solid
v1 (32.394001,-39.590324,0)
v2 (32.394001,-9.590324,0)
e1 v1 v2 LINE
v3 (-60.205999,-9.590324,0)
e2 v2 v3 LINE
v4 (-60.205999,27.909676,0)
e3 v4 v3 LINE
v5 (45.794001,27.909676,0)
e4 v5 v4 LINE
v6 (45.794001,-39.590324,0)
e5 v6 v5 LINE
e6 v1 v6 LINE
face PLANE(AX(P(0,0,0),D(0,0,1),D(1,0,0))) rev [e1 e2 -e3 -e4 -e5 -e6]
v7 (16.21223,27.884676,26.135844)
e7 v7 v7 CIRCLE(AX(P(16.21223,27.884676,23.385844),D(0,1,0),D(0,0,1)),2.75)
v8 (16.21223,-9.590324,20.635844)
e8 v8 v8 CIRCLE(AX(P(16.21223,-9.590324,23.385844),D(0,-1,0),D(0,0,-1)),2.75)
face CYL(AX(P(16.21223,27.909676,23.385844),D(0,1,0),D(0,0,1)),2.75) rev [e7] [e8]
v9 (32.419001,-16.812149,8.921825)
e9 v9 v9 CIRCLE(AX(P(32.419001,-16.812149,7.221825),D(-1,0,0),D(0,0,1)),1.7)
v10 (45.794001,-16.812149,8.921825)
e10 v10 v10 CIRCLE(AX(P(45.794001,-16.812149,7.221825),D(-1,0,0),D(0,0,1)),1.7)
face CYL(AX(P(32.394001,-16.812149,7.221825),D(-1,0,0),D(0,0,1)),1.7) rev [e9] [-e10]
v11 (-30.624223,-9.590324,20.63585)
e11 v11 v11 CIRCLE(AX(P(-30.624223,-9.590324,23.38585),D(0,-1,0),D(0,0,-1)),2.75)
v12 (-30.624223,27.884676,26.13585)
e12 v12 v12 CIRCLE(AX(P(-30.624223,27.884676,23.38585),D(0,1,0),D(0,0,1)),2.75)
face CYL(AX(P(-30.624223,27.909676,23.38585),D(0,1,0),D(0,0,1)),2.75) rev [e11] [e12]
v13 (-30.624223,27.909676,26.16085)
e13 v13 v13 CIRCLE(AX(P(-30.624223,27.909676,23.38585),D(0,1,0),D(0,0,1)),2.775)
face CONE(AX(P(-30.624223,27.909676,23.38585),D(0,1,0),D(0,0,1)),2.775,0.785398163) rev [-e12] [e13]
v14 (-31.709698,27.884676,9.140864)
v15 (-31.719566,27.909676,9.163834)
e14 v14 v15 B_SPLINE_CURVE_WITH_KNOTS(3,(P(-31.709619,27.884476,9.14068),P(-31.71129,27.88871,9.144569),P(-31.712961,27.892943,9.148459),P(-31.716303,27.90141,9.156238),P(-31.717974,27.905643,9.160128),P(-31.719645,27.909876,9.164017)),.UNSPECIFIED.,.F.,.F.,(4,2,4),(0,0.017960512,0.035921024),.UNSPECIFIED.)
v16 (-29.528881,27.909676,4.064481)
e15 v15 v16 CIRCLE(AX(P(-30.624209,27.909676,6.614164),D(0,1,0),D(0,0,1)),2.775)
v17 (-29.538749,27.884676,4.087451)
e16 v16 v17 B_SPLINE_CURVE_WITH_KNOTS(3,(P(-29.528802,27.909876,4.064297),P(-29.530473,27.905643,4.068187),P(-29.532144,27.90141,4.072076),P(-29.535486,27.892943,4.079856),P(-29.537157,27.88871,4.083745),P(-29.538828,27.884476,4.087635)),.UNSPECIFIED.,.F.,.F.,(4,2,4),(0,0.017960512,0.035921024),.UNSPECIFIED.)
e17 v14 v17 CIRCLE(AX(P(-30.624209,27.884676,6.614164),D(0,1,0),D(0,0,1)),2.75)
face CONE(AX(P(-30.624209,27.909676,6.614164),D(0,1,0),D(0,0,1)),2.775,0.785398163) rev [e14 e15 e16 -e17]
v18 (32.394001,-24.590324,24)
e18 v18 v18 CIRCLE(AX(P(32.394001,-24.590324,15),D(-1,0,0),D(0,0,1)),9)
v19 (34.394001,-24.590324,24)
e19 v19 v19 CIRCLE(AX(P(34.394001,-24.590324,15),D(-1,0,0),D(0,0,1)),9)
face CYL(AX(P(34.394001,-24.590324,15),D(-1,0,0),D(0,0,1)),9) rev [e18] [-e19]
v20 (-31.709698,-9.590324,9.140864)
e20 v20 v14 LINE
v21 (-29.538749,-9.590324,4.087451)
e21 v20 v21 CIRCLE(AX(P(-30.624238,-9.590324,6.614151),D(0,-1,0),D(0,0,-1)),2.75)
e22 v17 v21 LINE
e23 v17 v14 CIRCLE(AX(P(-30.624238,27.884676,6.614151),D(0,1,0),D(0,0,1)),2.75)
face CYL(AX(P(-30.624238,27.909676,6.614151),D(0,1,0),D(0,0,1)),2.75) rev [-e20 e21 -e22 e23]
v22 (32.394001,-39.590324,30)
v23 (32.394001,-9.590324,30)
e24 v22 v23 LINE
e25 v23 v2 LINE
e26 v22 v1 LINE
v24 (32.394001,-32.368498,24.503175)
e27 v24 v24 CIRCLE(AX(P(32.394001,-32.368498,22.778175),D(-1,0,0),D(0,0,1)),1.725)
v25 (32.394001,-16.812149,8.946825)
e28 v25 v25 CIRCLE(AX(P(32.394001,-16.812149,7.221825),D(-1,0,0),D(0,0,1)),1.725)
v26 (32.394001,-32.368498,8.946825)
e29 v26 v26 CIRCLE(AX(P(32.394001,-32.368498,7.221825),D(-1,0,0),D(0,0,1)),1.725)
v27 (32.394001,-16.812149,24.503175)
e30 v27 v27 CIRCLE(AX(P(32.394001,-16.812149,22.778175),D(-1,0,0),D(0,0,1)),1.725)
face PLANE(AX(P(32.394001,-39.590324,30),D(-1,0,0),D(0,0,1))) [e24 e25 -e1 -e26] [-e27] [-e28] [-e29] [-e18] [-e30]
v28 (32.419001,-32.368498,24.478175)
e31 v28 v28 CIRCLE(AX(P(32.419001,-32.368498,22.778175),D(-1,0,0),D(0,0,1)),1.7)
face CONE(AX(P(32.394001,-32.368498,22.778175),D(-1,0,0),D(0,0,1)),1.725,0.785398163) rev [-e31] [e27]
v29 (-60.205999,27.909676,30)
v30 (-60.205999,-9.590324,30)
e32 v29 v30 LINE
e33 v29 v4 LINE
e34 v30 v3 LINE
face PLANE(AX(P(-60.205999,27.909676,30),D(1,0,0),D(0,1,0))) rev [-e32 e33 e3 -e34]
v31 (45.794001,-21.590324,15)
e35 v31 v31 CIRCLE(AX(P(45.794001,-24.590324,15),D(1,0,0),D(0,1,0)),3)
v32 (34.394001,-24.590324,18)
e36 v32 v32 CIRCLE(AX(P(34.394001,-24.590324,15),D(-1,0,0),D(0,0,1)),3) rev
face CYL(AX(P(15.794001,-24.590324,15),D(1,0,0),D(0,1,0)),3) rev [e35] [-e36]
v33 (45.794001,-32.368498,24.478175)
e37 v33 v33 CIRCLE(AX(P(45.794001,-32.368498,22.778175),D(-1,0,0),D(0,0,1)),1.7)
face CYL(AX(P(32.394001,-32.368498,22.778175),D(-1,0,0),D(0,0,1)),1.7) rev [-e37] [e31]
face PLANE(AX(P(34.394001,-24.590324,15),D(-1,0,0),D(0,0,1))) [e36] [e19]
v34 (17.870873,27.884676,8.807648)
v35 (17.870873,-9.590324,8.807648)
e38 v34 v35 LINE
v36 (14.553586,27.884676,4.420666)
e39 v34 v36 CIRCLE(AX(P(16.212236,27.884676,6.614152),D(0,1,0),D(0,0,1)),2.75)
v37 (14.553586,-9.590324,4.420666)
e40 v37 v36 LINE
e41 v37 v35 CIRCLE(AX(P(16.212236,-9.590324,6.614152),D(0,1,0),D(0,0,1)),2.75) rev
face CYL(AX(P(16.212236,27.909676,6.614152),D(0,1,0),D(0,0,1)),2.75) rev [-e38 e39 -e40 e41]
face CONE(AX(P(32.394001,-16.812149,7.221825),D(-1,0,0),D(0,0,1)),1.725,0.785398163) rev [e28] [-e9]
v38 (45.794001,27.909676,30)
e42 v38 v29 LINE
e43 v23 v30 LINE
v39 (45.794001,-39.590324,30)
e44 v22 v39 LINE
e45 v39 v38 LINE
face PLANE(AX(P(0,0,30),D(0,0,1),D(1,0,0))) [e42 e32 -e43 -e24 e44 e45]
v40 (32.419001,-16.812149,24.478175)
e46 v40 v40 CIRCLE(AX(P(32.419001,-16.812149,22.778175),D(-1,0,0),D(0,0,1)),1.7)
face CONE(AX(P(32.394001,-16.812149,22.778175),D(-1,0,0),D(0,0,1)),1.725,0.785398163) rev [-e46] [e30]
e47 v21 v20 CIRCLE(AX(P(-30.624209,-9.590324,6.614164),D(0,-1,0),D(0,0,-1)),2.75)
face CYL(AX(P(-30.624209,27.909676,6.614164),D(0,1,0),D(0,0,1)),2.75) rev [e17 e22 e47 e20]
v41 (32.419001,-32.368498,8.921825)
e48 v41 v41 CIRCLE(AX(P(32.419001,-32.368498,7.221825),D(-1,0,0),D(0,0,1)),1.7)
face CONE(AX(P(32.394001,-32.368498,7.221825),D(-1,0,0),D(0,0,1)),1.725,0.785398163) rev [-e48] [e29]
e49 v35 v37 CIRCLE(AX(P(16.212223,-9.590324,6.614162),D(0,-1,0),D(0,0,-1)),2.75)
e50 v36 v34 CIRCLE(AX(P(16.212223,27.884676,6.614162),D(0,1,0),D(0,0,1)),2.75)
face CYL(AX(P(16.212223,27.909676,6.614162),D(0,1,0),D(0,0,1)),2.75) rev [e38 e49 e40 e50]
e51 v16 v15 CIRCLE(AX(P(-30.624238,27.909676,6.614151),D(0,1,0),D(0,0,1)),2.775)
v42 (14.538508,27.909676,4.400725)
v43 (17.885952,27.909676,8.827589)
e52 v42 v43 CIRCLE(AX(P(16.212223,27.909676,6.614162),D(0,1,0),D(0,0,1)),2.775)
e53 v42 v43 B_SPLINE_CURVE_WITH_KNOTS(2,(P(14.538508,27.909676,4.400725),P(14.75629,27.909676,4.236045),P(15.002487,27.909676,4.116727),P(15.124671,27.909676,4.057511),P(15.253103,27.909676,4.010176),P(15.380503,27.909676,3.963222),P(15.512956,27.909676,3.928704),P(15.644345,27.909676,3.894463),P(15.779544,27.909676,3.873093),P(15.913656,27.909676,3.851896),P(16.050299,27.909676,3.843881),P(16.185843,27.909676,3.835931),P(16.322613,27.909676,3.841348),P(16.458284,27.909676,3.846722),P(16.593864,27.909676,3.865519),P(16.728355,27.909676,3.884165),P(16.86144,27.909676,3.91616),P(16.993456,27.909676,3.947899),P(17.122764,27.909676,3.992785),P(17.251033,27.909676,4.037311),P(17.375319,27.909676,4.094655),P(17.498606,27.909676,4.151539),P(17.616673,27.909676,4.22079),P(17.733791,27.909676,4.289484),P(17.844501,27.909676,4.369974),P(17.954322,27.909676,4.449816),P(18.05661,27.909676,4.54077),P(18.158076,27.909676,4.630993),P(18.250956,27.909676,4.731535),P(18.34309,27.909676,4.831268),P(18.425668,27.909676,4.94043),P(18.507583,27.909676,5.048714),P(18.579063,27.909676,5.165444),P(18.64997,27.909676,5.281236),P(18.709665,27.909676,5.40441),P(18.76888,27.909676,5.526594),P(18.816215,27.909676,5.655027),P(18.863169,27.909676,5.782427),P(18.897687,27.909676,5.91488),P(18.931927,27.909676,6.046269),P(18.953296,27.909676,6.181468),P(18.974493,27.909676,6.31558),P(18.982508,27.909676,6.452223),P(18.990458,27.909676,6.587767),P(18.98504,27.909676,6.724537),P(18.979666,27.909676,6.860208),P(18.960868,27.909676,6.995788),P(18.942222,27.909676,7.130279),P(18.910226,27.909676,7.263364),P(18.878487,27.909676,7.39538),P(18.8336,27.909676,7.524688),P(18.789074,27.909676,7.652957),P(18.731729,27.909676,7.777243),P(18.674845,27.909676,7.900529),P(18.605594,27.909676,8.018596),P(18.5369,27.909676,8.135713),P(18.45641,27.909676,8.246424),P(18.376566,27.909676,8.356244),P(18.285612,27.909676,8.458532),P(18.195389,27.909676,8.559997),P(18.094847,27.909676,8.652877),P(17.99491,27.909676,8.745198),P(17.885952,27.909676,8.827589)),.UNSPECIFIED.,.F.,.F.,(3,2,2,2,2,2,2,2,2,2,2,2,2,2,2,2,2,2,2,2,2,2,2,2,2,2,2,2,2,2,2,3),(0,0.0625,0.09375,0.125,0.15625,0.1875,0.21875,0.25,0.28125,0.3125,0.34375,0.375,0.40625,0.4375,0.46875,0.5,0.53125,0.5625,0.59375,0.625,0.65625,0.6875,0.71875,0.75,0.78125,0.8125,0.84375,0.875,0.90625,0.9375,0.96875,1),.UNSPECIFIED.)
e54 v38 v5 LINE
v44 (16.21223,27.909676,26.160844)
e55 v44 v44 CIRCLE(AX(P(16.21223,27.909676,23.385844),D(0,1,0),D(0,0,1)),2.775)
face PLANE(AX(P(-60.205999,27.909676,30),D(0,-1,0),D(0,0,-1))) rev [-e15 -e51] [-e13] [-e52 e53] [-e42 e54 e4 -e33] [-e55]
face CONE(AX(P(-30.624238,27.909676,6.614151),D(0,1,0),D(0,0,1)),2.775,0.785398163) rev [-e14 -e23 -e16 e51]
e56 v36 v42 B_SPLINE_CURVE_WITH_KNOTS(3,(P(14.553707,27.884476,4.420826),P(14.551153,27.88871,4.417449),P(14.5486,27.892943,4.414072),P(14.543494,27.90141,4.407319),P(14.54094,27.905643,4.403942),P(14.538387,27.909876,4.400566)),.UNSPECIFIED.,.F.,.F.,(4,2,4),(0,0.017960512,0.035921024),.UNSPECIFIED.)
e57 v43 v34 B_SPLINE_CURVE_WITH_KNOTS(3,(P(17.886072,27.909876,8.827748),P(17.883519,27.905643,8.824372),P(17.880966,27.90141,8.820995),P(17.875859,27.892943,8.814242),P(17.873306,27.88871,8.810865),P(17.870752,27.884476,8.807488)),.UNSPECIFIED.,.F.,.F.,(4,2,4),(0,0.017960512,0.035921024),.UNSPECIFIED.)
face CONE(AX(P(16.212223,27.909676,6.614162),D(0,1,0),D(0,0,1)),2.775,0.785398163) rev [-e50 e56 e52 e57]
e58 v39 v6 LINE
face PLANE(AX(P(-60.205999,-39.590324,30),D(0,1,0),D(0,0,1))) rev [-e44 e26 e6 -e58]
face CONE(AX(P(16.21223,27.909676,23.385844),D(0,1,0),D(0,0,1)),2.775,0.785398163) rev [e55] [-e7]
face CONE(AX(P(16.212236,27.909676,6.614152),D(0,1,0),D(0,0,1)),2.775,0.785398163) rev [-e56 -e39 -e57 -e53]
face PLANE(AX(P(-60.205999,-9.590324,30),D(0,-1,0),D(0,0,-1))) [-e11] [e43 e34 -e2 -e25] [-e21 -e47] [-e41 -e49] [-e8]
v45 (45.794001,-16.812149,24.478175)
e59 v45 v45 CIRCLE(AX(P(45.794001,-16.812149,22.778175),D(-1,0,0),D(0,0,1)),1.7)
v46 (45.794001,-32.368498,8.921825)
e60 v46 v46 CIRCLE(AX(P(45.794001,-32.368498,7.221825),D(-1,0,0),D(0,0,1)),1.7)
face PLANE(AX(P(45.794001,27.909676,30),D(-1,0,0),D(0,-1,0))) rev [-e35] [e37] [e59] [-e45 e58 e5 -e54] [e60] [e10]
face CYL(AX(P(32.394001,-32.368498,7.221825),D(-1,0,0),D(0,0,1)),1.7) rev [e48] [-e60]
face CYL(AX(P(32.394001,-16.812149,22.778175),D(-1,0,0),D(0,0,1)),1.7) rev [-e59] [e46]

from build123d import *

# Parameters (mm, degrees)
SKETCH1_W                      = 106
SKETCH1_H                      = 67.5
BOSS_EXTRUDE1_DEPTH            = 30
SKETCH2_W                      = 92.6
SKETCH2_H                      = 30
BOSS_EXTRUDE2_DEPTH            = 30
SKETCH3_W                      = 92.6
SKETCH3_H                      = 30
CUT_EXTRUDE1_DEPTH             = 30
SKETCH4_R                      = 3
CUT_EXTRUDE2_DEPTH             = 30
M3_CLEARANCE_HOLE1_D           = 3.4
M3_CLEARANCE_HOLE1_CSINK_D     = 3.45
M3_CLEARANCE_HOLE1_CSINK_ANGLE = 90
SKETCH11_R                     = 9
CUT_EXTRUDE3_DEPTH             = 2
M5_CLEARANCE_HOLE1_AT_2_COUNT  = 2
M5_CLEARANCE_HOLE1_AT_2_PITCH  = 49.748811611
M5_CLEARANCE_HOLE1_AT_3_COUNT  = 2
M5_CLEARANCE_HOLE1_AT_3_PITCH  = 46.836464196
M5_CLEARANCE_HOLE1_AT_4_COUNT  = 2
M5_CLEARANCE_HOLE1_AT_4_PITCH  = 16.77169873
M5_CLEARANCE_HOLE1_AT_5_COUNT  = 2
M5_CLEARANCE_HOLE1_AT_5_PITCH  = 16.771686167
M5_CLEARANCE_HOLE1_AT_6_COUNT  = 2
M5_CLEARANCE_HOLE1_AT_6_PITCH  = 49.748806755
M5_CLEARANCE_HOLE1_AT_7_COUNT  = 2
M5_CLEARANCE_HOLE1_AT_7_PITCH  = 49.748790588
M5_CLEARANCE_HOLE1_AT_8_COUNT  = 2
M5_CLEARANCE_HOLE1_AT_8_PITCH  = 46.836452861


with BuildPart() as part:
    # Sketch1 → Boss-Extrude1 (new body)
    with BuildSketch(Plane.XY):
        with Locations((-7.205998582, -5.840323621)):
            Rectangle(SKETCH1_W, SKETCH1_H)
    extrude(amount=BOSS_EXTRUDE1_DEPTH)

    # Sketch2 → Boss-Extrude2 (add)
    with BuildSketch(Plane.XY):
        with Locations((-13.905998582, -24.590323621)):
            Rectangle(SKETCH2_W, SKETCH2_H)
    extrude(amount=BOSS_EXTRUDE2_DEPTH)

    # Sketch3 → Cut-Extrude1 (cut)
    with BuildSketch(Plane.XY):
        with Locations((-13.905998582, -24.590323621)):
            Rectangle(SKETCH3_W, SKETCH3_H)
    extrude(amount=CUT_EXTRUDE1_DEPTH, mode=Mode.SUBTRACT)

    # Sketch4 → Cut-Extrude2 (cut)
    with BuildSketch(Plane(origin=(45.794001418, 0, 0), x_dir=(0, 0, -1), z_dir=(1, 0, 0))):
        with Locations(Location((-15, -24.590323621, 0), (0, 0, 90))):
            Circle(SKETCH4_R)
    extrude(amount=-CUT_EXTRUDE2_DEPTH, mode=Mode.SUBTRACT)

    # M3 Clearance Hole1 (through all)
    with Locations(Plane.ZY.offset(-32.394001418)):
        with Locations((7.221825407, -32.368498214), (7.221825407, -16.812149028), (22.778174593, -16.812149028), (22.778174593, -32.368498214)):
            CounterSinkHole(M3_CLEARANCE_HOLE1_D / 2, M3_CLEARANCE_HOLE1_CSINK_D / 2, counter_sink_angle=M3_CLEARANCE_HOLE1_CSINK_ANGLE)

    # Sketch11 → Cut-Extrude3 (cut)
    with BuildSketch(Plane.ZY.offset(-32.394001418)):
        with Locations((15, -24.590323621)):
            Circle(SKETCH11_R)
    extrude(amount=-CUT_EXTRUDE3_DEPTH, mode=Mode.SUBTRACT)

    # Sketch12 → M5 Clearance Hole1 (revolve, cut)
    with BuildSketch(Plane(origin=(-30.624223061, 27.909676379, 23.385849743), x_dir=(0, 0, 1), z_dir=(1, 0, 0))):
        Polygon((0, 0), (0, 67.5), (2.75, 67.5), (2.75, 0.025), (2.775, 0), align=None)
    m5_clearance_hole1 = revolve(axis=Axis((-30.624223061, 34.259676379, 23.385849743), (0, -1, 0)), mode=Mode.SUBTRACT)

    # M5 Clearance Hole1 at 2: M5 Clearance Hole1 ×2
    with Locations(*[Vector(0.9414589550934056, 0, -0.3371276254987612) * (i * M5_CLEARANCE_HOLE1_AT_2_PITCH) for i in range(1, M5_CLEARANCE_HOLE1_AT_2_COUNT)]):
        add(m5_clearance_hole1, mode=Mode.SUBTRACT)

    # M5 Clearance Hole1 at 3: M5 Clearance Hole1 ×2
    with Locations(*[(i * M5_CLEARANCE_HOLE1_AT_3_PITCH, 0, 0) for i in range(1, M5_CLEARANCE_HOLE1_AT_3_COUNT)]):
        add(m5_clearance_hole1, mode=Mode.SUBTRACT)

    # M5 Clearance Hole1 at 4: M5 Clearance Hole1 ×2
    with Locations(*[(0, 0, -i * M5_CLEARANCE_HOLE1_AT_4_PITCH) for i in range(1, M5_CLEARANCE_HOLE1_AT_4_COUNT)]):
        add(m5_clearance_hole1, mode=Mode.SUBTRACT)

    # M5 Clearance Hole1 at 5: M5 Clearance Hole1 ×2
    with Locations(*[(0, 0, -i * M5_CLEARANCE_HOLE1_AT_5_PITCH) for i in range(1, M5_CLEARANCE_HOLE1_AT_5_COUNT)]):
        add(m5_clearance_hole1, mode=Mode.SUBTRACT)

    # M5 Clearance Hole1 at 6: M5 Clearance Hole1 ×2
    with Locations(*[Vector(0.9414589495083403, 0, -0.33712764109555354) * (i * M5_CLEARANCE_HOLE1_AT_6_PITCH) for i in range(1, M5_CLEARANCE_HOLE1_AT_6_COUNT)]):
        add(m5_clearance_hole1, mode=Mode.SUBTRACT)

    # M5 Clearance Hole1 at 7: M5 Clearance Hole1 ×2
    with Locations(*[Vector(0.9414589838280241, 0, -0.3371275452547662) * (i * M5_CLEARANCE_HOLE1_AT_7_PITCH) for i in range(1, M5_CLEARANCE_HOLE1_AT_7_COUNT)]):
        add(m5_clearance_hole1, mode=Mode.SUBTRACT)

    # M5 Clearance Hole1 at 8: M5 Clearance Hole1 ×2
    with Locations(*[(i * M5_CLEARANCE_HOLE1_AT_8_PITCH, 0, 0) for i in range(1, M5_CLEARANCE_HOLE1_AT_8_COUNT)]):
        add(m5_clearance_hole1, mode=Mode.SUBTRACT)


solid = part.part
